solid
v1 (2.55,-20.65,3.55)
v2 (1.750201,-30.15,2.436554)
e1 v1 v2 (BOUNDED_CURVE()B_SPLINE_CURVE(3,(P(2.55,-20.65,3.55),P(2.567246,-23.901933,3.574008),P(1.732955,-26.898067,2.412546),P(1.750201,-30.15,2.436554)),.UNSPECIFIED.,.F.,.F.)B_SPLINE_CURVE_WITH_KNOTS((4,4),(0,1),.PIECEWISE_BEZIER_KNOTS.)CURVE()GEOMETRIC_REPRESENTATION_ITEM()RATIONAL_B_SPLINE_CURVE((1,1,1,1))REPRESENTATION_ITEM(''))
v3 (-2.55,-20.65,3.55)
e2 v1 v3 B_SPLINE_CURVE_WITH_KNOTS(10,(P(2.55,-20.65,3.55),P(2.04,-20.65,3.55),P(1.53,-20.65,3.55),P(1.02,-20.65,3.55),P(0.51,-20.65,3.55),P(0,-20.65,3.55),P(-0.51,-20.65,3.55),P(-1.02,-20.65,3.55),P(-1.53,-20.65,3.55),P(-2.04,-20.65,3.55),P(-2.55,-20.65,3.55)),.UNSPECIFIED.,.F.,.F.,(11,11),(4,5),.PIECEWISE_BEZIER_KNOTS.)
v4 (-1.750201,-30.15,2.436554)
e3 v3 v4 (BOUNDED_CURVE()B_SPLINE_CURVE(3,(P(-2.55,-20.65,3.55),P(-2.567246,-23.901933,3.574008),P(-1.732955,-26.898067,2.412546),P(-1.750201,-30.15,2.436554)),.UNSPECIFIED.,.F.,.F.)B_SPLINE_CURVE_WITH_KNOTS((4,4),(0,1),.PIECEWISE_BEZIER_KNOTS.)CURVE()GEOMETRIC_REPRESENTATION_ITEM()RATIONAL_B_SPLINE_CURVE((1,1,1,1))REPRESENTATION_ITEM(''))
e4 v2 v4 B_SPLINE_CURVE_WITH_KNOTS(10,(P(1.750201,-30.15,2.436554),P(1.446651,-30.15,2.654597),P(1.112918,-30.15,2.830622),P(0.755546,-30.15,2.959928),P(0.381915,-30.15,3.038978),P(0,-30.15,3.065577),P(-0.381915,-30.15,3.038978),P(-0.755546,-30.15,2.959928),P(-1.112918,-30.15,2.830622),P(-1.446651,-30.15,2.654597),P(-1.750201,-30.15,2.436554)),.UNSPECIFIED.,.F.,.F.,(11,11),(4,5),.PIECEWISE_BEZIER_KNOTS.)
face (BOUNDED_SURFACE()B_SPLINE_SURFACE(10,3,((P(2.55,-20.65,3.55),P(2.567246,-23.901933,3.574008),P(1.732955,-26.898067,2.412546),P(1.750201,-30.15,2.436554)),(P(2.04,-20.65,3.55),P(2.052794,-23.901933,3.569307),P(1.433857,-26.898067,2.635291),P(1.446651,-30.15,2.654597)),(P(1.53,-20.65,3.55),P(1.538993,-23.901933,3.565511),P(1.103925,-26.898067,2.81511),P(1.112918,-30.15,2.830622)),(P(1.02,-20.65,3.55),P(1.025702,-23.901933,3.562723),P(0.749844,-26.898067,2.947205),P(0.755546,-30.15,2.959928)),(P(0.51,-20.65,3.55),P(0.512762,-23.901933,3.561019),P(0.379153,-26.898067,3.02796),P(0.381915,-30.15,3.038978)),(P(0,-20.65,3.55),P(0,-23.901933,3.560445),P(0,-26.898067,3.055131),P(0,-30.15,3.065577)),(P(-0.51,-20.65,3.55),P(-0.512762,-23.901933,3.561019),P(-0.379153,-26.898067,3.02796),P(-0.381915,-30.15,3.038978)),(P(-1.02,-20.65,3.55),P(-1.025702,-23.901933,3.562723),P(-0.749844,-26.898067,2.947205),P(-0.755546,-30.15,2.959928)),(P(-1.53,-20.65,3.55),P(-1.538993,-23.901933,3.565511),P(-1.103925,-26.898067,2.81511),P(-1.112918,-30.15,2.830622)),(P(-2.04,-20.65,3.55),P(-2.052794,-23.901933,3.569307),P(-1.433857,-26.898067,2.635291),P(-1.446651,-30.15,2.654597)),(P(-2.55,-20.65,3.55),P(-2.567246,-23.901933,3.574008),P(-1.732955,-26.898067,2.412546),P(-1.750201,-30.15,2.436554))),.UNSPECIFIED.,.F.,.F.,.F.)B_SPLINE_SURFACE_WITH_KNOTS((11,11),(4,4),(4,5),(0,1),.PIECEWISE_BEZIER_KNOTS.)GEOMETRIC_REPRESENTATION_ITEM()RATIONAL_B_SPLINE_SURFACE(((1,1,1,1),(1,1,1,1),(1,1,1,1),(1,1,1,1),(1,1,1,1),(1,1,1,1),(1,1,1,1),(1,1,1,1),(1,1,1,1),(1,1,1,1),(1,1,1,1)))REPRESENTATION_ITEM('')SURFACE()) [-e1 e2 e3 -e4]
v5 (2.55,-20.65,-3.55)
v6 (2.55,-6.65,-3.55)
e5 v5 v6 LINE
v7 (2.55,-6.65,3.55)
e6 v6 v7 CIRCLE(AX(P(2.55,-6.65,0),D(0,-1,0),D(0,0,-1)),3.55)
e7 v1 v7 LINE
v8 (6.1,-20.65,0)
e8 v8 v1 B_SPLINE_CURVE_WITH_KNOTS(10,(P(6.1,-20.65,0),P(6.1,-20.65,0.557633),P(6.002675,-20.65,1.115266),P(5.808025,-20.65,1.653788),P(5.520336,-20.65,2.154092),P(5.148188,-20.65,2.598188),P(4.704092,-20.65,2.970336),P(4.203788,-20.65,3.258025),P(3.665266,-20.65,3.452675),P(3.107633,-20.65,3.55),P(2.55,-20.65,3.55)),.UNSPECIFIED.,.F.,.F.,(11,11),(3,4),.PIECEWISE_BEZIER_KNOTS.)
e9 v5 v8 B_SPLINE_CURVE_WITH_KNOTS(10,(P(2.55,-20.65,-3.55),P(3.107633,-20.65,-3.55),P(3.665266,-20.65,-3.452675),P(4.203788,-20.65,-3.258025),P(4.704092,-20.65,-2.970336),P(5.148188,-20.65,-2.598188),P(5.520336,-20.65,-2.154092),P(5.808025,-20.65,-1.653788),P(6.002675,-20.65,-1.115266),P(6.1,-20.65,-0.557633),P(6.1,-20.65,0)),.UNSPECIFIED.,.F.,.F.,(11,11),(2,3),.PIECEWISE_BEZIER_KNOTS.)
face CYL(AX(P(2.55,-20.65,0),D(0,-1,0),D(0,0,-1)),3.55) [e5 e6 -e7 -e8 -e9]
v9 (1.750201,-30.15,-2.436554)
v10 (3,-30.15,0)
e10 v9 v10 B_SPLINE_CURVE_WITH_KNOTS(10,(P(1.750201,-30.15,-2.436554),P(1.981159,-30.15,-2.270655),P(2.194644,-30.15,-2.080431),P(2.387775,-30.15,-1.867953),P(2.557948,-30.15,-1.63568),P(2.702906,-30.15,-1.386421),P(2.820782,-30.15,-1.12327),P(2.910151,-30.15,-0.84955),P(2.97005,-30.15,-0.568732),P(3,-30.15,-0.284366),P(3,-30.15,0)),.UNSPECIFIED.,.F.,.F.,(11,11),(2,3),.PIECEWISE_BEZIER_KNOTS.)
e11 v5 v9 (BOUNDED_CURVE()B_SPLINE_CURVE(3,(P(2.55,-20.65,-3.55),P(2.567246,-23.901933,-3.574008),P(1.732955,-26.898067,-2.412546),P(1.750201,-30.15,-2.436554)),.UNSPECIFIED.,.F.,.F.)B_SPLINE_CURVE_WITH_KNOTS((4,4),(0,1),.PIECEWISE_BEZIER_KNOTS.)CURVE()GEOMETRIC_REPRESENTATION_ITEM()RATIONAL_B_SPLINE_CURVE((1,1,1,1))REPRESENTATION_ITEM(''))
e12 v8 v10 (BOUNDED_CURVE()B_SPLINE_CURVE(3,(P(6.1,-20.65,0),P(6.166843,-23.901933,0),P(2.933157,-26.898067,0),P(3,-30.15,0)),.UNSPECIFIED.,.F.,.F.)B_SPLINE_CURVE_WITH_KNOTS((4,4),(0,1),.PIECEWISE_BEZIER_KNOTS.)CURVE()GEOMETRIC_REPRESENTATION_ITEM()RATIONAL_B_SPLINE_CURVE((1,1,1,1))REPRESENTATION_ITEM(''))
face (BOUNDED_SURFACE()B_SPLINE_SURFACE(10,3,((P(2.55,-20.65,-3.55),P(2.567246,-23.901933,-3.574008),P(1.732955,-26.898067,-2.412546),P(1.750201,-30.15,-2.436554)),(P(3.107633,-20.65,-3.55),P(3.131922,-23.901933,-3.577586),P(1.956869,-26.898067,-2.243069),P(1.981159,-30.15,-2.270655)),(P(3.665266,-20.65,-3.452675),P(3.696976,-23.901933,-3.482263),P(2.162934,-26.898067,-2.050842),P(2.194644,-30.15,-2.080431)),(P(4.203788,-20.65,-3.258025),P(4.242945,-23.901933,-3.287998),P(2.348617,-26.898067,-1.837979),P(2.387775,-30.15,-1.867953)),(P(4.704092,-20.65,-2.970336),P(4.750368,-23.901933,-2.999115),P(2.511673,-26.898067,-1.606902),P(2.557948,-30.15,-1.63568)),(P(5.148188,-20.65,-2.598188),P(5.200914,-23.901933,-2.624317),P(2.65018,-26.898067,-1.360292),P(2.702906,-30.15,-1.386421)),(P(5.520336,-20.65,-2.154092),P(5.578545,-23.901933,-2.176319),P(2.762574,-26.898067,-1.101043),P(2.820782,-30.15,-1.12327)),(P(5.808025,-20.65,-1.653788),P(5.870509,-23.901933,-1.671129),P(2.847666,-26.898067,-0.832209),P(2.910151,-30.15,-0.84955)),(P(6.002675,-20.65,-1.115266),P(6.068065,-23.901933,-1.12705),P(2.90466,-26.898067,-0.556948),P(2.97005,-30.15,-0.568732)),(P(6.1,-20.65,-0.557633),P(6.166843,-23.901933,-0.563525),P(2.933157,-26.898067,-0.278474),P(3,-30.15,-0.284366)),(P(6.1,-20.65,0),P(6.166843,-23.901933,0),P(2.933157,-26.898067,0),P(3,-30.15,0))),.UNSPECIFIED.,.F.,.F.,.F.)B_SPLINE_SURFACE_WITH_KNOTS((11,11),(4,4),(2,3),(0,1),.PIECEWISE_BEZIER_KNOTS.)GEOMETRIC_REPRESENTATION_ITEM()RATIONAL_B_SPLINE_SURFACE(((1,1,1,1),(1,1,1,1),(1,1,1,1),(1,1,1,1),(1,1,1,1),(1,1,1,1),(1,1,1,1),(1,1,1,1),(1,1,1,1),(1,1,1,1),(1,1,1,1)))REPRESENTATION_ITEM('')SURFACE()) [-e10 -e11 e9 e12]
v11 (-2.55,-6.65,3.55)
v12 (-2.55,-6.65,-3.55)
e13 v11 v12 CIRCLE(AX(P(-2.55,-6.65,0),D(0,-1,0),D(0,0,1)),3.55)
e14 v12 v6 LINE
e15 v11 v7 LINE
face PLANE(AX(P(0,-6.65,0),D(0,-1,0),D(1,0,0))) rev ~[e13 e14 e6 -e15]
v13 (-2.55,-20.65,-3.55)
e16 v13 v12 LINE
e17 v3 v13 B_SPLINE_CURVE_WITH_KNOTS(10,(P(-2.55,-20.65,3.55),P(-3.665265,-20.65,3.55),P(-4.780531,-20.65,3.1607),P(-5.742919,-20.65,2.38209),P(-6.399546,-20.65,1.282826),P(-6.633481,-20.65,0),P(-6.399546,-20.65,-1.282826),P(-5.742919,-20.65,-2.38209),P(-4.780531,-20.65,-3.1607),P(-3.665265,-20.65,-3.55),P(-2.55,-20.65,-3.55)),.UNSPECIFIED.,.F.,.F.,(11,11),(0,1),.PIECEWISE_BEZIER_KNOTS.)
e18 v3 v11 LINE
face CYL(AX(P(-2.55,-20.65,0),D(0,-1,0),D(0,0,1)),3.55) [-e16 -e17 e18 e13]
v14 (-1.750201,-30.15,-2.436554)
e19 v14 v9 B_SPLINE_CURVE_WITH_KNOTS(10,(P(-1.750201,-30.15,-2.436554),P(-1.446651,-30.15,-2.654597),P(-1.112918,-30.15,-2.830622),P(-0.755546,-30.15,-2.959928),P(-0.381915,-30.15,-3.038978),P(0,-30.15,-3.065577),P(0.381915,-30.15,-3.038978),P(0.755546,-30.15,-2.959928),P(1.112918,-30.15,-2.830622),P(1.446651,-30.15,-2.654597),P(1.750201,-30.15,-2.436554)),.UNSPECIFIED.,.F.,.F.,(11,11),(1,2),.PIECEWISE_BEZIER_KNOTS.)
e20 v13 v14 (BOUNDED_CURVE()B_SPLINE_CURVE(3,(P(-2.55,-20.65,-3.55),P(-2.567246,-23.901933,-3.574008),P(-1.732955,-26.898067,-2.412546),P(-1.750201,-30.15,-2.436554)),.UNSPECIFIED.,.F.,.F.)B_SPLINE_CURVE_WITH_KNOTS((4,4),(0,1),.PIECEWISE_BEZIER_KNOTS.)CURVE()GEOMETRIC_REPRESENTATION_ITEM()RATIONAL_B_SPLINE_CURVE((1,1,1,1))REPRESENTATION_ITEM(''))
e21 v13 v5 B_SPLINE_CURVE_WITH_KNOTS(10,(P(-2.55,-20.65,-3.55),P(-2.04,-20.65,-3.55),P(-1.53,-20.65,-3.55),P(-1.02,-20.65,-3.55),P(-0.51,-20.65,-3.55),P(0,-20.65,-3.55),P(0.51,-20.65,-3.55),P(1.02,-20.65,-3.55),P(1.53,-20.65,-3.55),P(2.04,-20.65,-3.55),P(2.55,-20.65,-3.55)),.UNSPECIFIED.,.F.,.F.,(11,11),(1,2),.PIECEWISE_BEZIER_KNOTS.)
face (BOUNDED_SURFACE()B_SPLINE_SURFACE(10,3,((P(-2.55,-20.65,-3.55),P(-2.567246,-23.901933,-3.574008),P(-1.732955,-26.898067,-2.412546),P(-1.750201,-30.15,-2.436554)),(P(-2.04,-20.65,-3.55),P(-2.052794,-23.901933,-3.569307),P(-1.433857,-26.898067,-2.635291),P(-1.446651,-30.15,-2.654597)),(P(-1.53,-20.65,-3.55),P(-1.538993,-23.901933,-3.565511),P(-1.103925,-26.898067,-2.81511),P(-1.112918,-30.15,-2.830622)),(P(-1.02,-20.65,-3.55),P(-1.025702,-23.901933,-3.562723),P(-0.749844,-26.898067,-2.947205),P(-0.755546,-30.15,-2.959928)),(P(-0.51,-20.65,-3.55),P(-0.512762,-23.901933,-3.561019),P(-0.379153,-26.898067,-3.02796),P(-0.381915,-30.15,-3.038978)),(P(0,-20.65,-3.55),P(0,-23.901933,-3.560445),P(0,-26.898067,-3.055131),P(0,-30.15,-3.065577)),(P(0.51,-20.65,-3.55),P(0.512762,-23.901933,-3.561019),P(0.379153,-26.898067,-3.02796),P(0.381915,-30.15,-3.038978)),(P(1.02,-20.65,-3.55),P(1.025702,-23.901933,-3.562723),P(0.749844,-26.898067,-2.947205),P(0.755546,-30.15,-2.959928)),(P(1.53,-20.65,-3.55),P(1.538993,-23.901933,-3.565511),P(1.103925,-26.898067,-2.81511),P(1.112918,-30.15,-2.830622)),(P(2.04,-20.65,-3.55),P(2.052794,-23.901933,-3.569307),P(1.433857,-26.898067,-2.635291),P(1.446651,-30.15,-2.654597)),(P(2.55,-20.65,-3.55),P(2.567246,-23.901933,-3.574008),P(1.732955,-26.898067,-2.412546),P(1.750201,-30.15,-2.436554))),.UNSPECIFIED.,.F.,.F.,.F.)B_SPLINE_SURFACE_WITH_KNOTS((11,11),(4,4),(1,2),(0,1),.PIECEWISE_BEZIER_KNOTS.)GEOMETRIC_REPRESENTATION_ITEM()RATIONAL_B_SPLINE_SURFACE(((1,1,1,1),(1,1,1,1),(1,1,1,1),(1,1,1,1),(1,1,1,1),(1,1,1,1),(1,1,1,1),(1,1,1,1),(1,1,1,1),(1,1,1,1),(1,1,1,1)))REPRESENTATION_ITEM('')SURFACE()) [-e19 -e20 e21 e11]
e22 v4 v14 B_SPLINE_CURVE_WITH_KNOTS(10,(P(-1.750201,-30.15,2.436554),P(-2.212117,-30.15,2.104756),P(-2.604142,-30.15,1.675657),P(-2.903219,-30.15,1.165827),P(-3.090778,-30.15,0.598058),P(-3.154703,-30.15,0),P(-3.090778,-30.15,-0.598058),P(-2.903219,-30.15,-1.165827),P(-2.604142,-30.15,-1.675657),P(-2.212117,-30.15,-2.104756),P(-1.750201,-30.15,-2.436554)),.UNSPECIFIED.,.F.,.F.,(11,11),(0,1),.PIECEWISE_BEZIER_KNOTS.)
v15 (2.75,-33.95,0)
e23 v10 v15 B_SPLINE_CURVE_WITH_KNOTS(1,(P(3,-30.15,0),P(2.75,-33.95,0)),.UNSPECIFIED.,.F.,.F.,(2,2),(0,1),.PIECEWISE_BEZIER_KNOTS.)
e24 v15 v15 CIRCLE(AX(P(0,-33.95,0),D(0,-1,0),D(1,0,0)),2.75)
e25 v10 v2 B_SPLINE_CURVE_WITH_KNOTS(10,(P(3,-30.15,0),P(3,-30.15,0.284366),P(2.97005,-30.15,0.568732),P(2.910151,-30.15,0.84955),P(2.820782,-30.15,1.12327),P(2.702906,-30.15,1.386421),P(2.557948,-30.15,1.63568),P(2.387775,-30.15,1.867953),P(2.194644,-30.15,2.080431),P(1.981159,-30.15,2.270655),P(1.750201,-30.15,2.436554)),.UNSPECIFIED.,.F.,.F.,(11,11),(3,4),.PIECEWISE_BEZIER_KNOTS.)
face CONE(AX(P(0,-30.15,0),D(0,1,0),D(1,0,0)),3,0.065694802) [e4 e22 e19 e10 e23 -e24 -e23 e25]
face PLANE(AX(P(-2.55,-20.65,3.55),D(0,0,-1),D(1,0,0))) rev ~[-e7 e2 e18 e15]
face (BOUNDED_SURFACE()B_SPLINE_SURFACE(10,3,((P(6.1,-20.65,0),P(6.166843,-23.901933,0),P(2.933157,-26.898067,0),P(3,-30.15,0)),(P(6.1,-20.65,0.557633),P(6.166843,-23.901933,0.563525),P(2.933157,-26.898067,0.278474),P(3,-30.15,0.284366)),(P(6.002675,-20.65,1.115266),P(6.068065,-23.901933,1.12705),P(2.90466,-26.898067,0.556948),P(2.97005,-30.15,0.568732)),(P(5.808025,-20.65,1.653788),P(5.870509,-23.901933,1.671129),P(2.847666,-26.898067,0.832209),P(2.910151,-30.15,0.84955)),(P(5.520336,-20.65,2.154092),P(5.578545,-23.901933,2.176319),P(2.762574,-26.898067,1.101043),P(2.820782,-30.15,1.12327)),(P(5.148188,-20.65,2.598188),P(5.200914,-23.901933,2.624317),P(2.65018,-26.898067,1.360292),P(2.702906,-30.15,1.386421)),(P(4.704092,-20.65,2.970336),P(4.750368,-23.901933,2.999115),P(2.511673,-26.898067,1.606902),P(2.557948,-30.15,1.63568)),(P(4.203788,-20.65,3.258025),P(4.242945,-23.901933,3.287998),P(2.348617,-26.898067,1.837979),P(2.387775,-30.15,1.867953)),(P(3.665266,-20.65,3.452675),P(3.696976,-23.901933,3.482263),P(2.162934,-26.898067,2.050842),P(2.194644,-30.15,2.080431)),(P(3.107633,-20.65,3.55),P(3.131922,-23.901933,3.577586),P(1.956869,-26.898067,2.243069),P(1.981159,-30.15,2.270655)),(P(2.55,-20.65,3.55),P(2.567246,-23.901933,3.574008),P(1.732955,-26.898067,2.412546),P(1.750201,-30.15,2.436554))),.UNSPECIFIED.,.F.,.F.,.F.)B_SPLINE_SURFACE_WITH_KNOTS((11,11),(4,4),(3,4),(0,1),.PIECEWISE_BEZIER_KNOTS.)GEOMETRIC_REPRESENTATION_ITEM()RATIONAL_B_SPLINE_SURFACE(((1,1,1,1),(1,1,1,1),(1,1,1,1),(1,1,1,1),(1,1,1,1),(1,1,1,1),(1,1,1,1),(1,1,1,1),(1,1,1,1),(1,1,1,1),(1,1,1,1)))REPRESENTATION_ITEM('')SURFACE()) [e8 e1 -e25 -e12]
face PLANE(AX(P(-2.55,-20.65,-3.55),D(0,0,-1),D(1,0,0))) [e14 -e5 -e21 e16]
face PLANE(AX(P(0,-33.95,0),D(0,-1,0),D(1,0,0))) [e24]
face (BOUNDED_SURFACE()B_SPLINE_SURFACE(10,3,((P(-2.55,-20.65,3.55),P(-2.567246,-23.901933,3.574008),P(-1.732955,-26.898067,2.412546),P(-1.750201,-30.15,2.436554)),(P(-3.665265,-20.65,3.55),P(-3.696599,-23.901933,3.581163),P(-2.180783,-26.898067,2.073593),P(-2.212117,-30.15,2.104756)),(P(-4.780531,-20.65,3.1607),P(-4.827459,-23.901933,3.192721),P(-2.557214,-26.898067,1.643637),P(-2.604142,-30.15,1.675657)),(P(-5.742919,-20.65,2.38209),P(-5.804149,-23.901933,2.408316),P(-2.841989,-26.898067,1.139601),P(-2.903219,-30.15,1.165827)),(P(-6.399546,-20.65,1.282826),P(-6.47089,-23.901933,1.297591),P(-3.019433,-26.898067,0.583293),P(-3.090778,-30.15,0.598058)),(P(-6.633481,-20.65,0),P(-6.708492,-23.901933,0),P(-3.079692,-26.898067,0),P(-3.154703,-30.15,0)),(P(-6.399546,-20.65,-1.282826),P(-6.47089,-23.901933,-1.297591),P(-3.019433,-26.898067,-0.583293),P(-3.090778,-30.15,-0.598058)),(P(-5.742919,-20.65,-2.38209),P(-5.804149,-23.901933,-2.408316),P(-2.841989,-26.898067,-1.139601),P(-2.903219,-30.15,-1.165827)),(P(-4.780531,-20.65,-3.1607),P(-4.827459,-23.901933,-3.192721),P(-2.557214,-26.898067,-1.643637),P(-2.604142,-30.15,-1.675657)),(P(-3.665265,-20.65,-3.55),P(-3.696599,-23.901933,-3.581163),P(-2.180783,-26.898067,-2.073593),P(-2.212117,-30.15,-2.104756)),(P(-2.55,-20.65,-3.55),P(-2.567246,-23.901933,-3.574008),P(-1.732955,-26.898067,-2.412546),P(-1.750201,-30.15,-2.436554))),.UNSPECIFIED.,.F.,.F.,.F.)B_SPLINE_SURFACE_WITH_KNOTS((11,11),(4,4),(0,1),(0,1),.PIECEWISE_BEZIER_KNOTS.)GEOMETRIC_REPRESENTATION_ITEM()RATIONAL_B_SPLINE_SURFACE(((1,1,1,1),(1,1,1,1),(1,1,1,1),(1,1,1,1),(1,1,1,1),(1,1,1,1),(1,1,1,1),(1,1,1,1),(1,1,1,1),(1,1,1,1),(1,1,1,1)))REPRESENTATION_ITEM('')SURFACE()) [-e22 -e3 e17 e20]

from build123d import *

# Parameters (mm, degrees)
SKETCH008_R        = 3
SKETCH012_R        = 3
SKETCH010_R        = 2.75
PAD019_DEPTH       = 14
BODY010_ROLL_ANGLE = 90


with BuildPart() as part:
    # Sketch009 → AdditiveLoft section 0
    with BuildSketch(Plane.XY.offset(14)):
        with BuildLine():
            ThreePointArc((-2.55, 3.55), (-6.1, 0), (-2.55, -3.55))
            Line((-2.55, -3.55), (2.55, -3.55))
            ThreePointArc((2.55, -3.55), (6.1, 0), (2.55, 3.55))
            Line((-2.55, 3.55), (2.55, 3.55))
        make_face()
    # Sketch011 → AdditiveLoft section 1
    with BuildSketch(Plane.XY.offset(14.2)):
        with BuildLine():
            ThreePointArc((-2.55, 3.55), (-6.1, 0), (-2.55, -3.55))
            Line((-2.55, -3.55), (2.55, -3.55))
            ThreePointArc((2.55, -3.55), (6.1, 0), (2.55, 3.55))
            Line((-2.55, 3.55), (2.55, 3.55))
        make_face()
    # Sketch008 → AdditiveLoft section 2
    with BuildSketch(Plane.XY.offset(23.3)):
        Circle(SKETCH008_R)
    # Sketch012 → AdditiveLoft section 3
    with BuildSketch(Plane.XY.offset(23.5)):
        Circle(SKETCH012_R)
    loft()

    # Sketch012 → AdditiveLoft001 section 0
    with BuildSketch(Plane.XY.offset(23.5)):
        Circle(SKETCH012_R)
    # Sketch010 → AdditiveLoft001 section 1
    with BuildSketch(Plane.XY.offset(27.3)):
        Circle(SKETCH010_R)
    loft()

    # Sketch009 → Pad019 (new body)
    with BuildSketch(Plane.XY.offset(14)):
        with BuildLine():
            ThreePointArc((-2.55, 3.55), (-6.1, 0), (-2.55, -3.55))
            Line((-2.55, -3.55), (2.55, -3.55))
            ThreePointArc((2.55, -3.55), (6.1, 0), (2.55, 3.55))
            Line((-2.55, 3.55), (2.55, 3.55))
        make_face()
    extrude(amount=-PAD019_DEPTH)


with BuildPart() as part_1:
    # Body010 roll: moved
    add(part.part.rotate(Axis((0, 0, 0), (1, 0, 0)), BODY010_ROLL_ANGLE))


with BuildPart() as part_2:
    # Body010 placement: moved
    add(part_1.part.moved(Location((0, -6.65, 0))))


solid = part_2.part
